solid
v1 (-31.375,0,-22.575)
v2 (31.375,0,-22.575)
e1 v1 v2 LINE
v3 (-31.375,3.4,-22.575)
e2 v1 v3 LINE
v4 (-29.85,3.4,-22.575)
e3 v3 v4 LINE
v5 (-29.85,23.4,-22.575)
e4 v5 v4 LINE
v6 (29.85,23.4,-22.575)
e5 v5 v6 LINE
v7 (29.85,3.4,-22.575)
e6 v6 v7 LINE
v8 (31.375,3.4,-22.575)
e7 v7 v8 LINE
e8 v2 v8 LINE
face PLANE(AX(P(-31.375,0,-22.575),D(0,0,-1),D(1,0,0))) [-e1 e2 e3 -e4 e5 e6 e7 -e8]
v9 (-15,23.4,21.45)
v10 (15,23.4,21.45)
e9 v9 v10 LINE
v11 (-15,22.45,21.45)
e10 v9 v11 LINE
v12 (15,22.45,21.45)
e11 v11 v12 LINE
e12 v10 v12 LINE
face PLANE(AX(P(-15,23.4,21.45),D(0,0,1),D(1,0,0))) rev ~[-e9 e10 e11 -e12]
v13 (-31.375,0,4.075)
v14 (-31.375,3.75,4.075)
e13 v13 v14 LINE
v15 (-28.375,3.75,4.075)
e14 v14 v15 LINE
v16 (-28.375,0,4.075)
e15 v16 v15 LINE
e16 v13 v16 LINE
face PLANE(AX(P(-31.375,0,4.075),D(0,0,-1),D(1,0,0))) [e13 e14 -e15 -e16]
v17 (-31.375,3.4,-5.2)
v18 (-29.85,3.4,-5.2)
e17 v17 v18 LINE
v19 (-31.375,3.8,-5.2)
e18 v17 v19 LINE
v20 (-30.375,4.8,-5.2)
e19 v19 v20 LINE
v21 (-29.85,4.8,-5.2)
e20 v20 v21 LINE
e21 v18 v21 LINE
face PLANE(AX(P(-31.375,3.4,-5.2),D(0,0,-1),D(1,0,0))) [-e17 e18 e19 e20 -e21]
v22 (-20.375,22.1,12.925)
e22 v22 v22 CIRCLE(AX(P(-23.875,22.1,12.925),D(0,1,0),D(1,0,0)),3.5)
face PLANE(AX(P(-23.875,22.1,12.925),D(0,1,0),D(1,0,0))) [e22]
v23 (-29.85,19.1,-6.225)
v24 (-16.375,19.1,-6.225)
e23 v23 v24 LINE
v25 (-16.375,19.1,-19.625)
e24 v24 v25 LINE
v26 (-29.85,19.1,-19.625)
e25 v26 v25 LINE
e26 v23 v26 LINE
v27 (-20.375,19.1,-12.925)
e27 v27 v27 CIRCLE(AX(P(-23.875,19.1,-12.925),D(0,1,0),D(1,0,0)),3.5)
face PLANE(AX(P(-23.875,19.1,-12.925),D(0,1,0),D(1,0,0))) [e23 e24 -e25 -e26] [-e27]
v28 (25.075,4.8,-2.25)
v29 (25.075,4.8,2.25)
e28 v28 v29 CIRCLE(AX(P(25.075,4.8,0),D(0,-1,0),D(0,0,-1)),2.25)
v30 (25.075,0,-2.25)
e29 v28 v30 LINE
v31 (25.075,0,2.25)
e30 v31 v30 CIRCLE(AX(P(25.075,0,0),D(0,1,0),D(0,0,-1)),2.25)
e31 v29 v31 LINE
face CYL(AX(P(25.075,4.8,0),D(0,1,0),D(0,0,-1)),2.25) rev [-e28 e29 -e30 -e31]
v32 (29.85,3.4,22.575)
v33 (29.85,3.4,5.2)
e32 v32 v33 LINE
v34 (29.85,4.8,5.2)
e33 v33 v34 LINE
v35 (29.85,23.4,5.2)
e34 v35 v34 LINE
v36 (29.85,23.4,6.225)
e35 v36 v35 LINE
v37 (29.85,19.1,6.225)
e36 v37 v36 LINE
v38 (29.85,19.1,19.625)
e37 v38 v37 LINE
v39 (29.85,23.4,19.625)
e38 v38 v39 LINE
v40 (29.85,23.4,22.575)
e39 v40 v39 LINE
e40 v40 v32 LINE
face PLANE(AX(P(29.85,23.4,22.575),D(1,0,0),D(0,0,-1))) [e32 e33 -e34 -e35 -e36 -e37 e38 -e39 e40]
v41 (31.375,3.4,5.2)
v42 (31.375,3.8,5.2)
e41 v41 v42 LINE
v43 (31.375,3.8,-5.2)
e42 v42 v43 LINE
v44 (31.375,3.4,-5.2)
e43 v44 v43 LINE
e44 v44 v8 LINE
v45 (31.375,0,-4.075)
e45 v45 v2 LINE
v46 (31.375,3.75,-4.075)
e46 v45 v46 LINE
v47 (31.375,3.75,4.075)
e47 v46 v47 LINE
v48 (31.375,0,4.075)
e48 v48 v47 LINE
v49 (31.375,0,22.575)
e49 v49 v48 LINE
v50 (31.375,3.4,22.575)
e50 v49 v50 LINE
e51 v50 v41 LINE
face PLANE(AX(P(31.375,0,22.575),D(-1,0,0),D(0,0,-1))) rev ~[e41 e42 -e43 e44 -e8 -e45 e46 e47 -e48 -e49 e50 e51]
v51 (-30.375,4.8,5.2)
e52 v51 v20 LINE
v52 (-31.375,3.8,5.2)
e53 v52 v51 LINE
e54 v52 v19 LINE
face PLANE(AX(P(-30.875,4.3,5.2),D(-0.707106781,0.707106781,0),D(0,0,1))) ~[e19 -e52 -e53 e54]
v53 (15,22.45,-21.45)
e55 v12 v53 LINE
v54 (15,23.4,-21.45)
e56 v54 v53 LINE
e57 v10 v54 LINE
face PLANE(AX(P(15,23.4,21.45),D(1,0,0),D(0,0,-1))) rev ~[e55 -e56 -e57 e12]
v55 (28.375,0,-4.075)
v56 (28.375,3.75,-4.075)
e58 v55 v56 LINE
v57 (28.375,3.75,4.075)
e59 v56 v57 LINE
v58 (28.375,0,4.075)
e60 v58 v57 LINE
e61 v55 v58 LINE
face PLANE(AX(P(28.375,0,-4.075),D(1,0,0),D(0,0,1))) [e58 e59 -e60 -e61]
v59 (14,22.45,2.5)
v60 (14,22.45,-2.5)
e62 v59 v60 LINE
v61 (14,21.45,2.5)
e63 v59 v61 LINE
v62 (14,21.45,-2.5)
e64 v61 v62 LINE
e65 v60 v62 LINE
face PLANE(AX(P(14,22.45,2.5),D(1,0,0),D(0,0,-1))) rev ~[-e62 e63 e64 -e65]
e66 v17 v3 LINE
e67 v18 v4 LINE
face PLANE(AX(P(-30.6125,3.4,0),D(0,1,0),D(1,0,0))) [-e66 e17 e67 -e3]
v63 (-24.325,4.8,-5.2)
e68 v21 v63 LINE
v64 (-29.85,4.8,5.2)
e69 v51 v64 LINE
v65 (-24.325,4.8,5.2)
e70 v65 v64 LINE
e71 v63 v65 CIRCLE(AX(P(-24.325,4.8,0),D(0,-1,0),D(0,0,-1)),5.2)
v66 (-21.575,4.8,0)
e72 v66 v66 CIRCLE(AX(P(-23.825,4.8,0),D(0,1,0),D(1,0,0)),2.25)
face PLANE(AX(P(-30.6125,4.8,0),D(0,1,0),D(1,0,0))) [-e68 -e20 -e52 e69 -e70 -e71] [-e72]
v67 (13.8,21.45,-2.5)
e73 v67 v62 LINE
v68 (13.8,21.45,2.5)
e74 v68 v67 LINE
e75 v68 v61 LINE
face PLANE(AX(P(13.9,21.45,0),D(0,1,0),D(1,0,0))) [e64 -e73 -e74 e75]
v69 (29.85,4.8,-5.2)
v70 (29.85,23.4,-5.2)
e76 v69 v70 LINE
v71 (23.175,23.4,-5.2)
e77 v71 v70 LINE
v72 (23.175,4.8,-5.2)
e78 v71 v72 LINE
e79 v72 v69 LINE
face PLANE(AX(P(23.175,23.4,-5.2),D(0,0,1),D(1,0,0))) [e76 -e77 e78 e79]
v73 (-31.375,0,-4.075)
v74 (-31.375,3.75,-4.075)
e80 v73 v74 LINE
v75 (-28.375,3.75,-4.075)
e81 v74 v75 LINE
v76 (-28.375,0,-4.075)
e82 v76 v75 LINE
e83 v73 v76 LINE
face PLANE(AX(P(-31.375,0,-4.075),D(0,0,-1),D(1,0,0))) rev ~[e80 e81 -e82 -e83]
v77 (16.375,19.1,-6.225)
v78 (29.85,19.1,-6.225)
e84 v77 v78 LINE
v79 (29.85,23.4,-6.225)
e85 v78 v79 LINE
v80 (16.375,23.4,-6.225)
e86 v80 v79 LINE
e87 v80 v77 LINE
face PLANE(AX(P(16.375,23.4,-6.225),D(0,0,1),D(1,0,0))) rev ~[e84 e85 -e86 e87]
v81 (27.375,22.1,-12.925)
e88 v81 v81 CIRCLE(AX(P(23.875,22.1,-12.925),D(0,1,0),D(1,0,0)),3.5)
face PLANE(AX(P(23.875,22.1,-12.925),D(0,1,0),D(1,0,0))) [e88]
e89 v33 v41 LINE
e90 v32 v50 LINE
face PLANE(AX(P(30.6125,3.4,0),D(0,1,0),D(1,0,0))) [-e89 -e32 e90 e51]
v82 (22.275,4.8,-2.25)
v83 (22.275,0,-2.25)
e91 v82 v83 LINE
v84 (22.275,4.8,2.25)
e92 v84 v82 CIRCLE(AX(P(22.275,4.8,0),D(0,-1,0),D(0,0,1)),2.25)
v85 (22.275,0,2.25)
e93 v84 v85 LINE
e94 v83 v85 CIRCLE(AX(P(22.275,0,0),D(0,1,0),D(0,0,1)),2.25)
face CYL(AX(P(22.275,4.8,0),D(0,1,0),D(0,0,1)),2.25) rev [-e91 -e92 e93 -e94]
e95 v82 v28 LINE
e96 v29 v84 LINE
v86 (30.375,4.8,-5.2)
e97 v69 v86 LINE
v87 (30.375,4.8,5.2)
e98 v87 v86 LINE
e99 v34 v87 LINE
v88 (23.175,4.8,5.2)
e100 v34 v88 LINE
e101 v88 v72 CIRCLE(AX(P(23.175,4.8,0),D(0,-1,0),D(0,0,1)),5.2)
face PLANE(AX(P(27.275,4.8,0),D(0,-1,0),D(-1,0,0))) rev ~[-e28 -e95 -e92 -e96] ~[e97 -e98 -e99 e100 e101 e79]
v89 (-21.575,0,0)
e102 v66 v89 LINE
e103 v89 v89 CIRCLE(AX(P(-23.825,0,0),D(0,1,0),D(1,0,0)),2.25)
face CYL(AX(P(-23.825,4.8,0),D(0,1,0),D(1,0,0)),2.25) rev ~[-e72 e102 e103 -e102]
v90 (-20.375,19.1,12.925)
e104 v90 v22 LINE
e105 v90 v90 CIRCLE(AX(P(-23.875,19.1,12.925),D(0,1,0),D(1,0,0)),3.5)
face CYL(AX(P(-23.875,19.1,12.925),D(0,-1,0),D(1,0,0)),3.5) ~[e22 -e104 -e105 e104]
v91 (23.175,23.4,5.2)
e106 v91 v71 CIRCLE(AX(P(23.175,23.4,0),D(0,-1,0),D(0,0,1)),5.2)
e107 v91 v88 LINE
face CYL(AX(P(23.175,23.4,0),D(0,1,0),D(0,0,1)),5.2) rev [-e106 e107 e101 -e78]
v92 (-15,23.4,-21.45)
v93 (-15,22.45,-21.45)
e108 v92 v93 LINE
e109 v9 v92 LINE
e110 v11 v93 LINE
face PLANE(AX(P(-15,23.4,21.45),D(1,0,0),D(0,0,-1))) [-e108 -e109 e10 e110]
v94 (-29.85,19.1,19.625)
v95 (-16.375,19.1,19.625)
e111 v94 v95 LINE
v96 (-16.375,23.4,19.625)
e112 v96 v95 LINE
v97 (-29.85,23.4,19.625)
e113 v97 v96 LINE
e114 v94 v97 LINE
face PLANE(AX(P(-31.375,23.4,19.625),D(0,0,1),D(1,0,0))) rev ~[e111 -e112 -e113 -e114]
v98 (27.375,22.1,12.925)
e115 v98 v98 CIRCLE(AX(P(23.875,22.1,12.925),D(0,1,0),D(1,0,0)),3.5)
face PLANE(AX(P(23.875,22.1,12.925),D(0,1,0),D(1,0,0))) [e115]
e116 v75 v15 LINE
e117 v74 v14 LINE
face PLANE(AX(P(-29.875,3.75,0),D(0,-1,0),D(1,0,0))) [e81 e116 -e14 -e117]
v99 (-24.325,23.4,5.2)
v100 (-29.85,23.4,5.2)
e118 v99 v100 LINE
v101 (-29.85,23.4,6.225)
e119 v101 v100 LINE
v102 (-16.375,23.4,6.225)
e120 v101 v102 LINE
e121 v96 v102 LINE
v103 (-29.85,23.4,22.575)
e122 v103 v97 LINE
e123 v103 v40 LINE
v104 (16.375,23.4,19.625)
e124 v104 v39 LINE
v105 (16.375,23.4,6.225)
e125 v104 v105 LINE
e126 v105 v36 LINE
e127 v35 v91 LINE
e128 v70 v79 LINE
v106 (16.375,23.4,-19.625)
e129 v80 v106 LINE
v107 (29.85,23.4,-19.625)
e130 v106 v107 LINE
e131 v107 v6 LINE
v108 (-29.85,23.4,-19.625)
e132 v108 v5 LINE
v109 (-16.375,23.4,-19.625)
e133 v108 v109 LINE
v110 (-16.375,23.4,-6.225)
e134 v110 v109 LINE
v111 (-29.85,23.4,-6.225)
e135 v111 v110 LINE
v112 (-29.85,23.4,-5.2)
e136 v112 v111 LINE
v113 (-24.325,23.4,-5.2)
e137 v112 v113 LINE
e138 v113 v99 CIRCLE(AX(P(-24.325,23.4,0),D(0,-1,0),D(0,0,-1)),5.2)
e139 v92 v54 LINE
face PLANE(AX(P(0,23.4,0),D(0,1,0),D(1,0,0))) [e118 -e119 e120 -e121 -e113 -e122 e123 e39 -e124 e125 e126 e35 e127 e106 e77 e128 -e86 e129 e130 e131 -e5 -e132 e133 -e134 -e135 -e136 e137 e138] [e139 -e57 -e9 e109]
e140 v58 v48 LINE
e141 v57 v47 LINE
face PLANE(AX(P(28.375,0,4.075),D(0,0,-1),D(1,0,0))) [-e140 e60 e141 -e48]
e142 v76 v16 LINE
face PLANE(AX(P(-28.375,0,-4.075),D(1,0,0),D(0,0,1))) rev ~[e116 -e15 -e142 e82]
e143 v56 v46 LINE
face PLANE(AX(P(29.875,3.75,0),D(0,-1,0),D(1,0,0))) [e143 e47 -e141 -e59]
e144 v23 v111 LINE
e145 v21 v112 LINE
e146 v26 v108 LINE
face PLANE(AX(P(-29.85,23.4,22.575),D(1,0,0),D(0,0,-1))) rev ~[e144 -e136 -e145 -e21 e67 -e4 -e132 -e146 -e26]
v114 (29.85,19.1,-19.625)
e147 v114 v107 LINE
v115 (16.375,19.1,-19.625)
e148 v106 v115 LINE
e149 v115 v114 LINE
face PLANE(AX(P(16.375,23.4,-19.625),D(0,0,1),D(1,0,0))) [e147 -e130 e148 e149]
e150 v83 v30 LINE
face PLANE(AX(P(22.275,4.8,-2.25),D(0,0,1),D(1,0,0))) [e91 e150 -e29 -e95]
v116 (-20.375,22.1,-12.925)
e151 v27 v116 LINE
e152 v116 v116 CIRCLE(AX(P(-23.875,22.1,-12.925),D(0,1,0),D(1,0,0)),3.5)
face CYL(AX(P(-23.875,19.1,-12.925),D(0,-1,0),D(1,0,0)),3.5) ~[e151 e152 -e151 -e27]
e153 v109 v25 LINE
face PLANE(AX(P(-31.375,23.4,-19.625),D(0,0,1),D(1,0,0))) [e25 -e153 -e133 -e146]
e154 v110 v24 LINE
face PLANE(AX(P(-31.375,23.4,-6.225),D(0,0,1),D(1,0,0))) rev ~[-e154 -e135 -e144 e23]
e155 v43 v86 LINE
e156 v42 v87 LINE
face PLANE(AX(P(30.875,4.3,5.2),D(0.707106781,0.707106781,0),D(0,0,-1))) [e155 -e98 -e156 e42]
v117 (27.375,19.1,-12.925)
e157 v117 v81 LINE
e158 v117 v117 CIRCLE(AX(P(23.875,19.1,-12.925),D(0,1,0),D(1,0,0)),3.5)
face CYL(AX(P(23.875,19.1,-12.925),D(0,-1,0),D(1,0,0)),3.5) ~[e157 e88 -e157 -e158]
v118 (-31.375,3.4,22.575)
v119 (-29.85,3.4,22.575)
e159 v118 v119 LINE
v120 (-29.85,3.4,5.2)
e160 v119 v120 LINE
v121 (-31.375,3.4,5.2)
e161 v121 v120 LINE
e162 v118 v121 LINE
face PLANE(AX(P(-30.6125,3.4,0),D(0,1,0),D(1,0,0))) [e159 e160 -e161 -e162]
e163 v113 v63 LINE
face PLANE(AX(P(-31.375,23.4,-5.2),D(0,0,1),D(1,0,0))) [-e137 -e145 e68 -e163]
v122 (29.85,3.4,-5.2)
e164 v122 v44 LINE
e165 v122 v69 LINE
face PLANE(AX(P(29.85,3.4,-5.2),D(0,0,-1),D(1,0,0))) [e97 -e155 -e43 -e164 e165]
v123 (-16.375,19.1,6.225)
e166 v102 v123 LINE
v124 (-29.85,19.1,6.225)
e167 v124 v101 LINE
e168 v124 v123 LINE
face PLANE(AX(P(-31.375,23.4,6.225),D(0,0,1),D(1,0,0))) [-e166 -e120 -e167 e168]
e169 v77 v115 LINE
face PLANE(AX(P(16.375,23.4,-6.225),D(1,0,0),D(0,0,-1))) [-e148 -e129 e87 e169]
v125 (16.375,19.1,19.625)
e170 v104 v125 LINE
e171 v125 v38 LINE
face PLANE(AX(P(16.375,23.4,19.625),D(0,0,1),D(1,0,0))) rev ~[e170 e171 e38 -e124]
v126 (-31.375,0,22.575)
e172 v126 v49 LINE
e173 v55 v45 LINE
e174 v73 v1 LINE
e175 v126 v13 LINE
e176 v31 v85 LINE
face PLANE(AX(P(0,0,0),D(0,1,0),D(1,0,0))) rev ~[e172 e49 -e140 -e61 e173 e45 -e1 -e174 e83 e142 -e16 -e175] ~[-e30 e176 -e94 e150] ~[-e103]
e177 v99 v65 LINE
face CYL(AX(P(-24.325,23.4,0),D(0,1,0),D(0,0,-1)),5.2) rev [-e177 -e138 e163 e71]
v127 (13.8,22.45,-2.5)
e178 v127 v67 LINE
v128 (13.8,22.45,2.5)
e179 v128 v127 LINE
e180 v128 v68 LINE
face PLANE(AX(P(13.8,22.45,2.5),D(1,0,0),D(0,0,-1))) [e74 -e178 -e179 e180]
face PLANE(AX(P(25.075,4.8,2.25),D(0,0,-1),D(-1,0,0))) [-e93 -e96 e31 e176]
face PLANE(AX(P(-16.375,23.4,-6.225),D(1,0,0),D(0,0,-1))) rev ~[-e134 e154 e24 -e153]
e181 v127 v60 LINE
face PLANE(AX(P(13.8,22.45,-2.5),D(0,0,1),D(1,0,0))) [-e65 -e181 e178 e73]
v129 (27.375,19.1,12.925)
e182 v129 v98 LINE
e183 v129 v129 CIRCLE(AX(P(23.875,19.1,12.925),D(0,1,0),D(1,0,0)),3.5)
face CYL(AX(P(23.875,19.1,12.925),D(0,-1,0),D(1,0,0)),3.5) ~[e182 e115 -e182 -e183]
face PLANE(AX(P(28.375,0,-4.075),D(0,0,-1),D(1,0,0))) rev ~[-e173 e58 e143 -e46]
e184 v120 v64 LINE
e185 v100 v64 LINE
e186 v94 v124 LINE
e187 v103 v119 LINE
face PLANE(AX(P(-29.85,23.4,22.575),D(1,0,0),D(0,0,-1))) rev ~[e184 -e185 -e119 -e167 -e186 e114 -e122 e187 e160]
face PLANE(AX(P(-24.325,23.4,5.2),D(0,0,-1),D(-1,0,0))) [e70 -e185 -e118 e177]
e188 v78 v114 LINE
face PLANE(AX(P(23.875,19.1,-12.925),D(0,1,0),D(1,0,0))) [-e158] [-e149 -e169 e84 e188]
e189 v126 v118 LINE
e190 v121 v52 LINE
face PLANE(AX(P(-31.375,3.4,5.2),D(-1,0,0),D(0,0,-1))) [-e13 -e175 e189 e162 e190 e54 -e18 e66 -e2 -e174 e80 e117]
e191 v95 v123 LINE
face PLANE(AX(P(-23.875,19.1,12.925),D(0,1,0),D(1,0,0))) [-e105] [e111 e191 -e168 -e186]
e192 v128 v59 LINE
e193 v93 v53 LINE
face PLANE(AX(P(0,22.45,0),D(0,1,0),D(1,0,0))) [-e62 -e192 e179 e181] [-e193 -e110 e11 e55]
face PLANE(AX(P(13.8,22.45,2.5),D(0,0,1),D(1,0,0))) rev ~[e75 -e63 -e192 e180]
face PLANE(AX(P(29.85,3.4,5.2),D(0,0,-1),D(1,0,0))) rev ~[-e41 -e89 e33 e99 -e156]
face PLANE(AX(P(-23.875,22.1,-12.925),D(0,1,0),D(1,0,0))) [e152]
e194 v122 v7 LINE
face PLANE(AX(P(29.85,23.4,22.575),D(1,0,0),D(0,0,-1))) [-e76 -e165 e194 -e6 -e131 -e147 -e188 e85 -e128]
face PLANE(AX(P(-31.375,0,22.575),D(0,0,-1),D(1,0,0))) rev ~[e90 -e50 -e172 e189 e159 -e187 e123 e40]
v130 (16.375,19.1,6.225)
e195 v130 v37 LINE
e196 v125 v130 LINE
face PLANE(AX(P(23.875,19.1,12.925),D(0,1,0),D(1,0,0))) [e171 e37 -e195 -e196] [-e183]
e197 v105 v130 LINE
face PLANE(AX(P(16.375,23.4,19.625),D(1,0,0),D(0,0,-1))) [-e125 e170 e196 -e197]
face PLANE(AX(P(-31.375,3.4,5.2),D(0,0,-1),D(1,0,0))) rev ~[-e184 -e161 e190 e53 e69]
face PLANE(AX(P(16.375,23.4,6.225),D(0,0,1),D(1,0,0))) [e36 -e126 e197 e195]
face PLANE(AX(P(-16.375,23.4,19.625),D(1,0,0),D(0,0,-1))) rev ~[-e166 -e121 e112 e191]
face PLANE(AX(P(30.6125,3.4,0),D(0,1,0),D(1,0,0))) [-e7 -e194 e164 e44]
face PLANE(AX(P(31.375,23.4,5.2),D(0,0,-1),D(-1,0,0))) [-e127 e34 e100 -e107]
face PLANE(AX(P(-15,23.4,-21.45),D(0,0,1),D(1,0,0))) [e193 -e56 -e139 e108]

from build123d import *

# Parameters (mm, degrees)
SKETCH1_W                    = 62.75
SKETCH1_H                    = 45.15
BOSS_EXTRUDE1_DEPTH          = 23.4
SKETCH2_W                    = 30
SKETCH2_H                    = 42.9
CUT_EXTRUDE1_DEPTH           = 0.95
SKETCH3_W                    = 15
SKETCH3_H                    = 13.4
CUT_EXTRUDE2_DEPTH           = 4.3
SKETCH4_R                    = 3.5
BOSS_EXTRUDE2_DEPTH          = 3
CUT_EXTRUDE3_DEPTH           = 18.6
SKETCH6_W                    = 0.2
SKETCH6_H                    = 5
CUT_EXTRUDE_THIN1_DEPTH      = 1.95
CUT_EXTRUDE_THIN1_DEPTH_BACK = 1
CUT_EXTRUDE4_DEPTH           = 5.8
SKETCH8_R                    = 2.25
CUT_EXTRUDE5_DEPTH           = 5.8
SKETCH9_W                    = 1.525
SKETCH9_H                    = 45.15
CUT_EXTRUDE6_DEPTH           = 20
SKETCH11_W                   = 1.525
SKETCH11_H                   = 10.4
BOSS_EXTRUDE3_DEPTH          = 1.4
CHAMFER1_SIZE                = 1
SKETCH10_W                   = 3
SKETCH10_H                   = 8.15
CUT_EXTRUDE7_DEPTH           = 3.75


with BuildPart() as part:
    # Sketch1 → Boss-Extrude1 (new body)
    with BuildSketch(Plane(origin=(0, 0, 0), x_dir=(1, 0, 0), z_dir=(0, 1, 0))):
        Rectangle(SKETCH1_W, SKETCH1_H)
    extrude(amount=BOSS_EXTRUDE1_DEPTH)

    # Sketch2 → Cut-Extrude1 (cut)
    with BuildSketch(Plane(origin=(0, 23.4, 0), x_dir=(1, 0, 0), z_dir=(0, 1, 0))):
        Rectangle(SKETCH2_W, SKETCH2_H)
    extrude(amount=-CUT_EXTRUDE1_DEPTH, mode=Mode.SUBTRACT)

    # Sketch3 → Cut-Extrude2 (cut)
    with BuildSketch(Plane(origin=(0, 23.4, 0), x_dir=(1, 0, 0), z_dir=(0, 1, 0))):
        with Locations((-23.875, 12.925)):
            Rectangle(SKETCH3_W, SKETCH3_H)
        with Locations((-23.875, -12.925)):
            Rectangle(SKETCH3_W, SKETCH3_H)
        with Locations((23.875, -12.925)):
            Rectangle(SKETCH3_W, SKETCH3_H)
        with Locations((23.875, 12.925)):
            Rectangle(SKETCH3_W, SKETCH3_H)
    extrude(amount=-CUT_EXTRUDE2_DEPTH, mode=Mode.SUBTRACT)

    # Sketch4 → Boss-Extrude2 (add)
    with BuildSketch(Plane(origin=(0, 19.1, 0), x_dir=(1, 0, 0), z_dir=(0, 1, 0))):
        with Locations((-23.875, 12.925)):
            Circle(SKETCH4_R)
        with Locations((-23.875, -12.925)):
            Circle(SKETCH4_R)
        with Locations((23.875, -12.925)):
            Circle(SKETCH4_R)
        with Locations((23.875, 12.925)):
            Circle(SKETCH4_R)
    extrude(amount=BOSS_EXTRUDE2_DEPTH)

    # Sketch5 → Cut-Extrude3 (cut)
    with BuildSketch(Plane(origin=(0, 23.4, 0), x_dir=(1, 0, 0), z_dir=(0, 1, 0))):
        with BuildLine():
            Line((31.375, -5.2), (23.175, -5.2))
            ThreePointArc((23.175, -5.2), (17.975, 0), (23.175, 5.2))
            Line((23.175, 5.2), (31.375, 5.2))
            ThreePointArc((31.375, 5.2), (36.575, 0), (31.375, -5.2))
        make_face()
        with BuildLine():
            Line((-31.375, 5.2), (-24.325, 5.2))
            ThreePointArc((-24.325, 5.2), (-19.125, 0), (-24.325, -5.2))
            Line((-24.325, -5.2), (-31.375, -5.2))
            ThreePointArc((-31.375, -5.2), (-36.575, 0), (-31.375, 5.2))
        make_face()
    extrude(amount=-CUT_EXTRUDE3_DEPTH, mode=Mode.SUBTRACT)

    # Sketch6 → Cut-Extrude-Thin1 (cut, two sides)
    with BuildSketch(Plane(origin=(0, 22.45, 0), x_dir=(1, 0, 0), z_dir=(0, 1, 0))) as cut_extrude_thin1_sk:
        with Locations((13.9, 0)):
            Rectangle(SKETCH6_W, SKETCH6_H)
    extrude(amount=CUT_EXTRUDE_THIN1_DEPTH, mode=Mode.SUBTRACT)
    extrude(cut_extrude_thin1_sk.sketch, amount=-CUT_EXTRUDE_THIN1_DEPTH_BACK, mode=Mode.SUBTRACT)

    # Sketch7 → Cut-Extrude4 (cut, through all)
    with BuildSketch(Plane(origin=(0, 4.8, 0), x_dir=(1, 0, 0), z_dir=(0, 1, 0))):
        with BuildLine():
            Line((22.275, 2.25), (25.075, 2.25))
            ThreePointArc((25.075, 2.25), (27.325, 0), (25.075, -2.25))
            Line((25.075, -2.25), (22.275, -2.25))
            ThreePointArc((22.275, -2.25), (20.025, 0), (22.275, 2.25))
        make_face()
    extrude(amount=-CUT_EXTRUDE4_DEPTH, mode=Mode.SUBTRACT)

    # Sketch8 → Cut-Extrude5 (cut, through all)
    with BuildSketch(Plane(origin=(0, 4.8, 0), x_dir=(1, 0, 0), z_dir=(0, 1, 0))):
        with Locations((-23.825, 0)):
            Circle(SKETCH8_R)
    extrude(amount=-CUT_EXTRUDE5_DEPTH, mode=Mode.SUBTRACT)

    # Sketch9 → Cut-Extrude6 (cut)
    with BuildSketch(Plane(origin=(0, 23.4, 0), x_dir=(1, 0, 0), z_dir=(0, 1, 0))):
        with Locations((-30.6125, 0)):
            Rectangle(SKETCH9_W, SKETCH9_H)
        with Locations((30.6125, 0)):
            Rectangle(SKETCH9_W, SKETCH9_H)
    extrude(amount=-CUT_EXTRUDE6_DEPTH, mode=Mode.SUBTRACT)

    # Sketch11 → Boss-Extrude3 (add)
    with BuildSketch(Plane(origin=(0, 3.4, 0), x_dir=(1, 0, 0), z_dir=(0, 1, 0))):
        with Locations((-30.6125, 0)):
            Rectangle(SKETCH11_W, SKETCH11_H)
        with Locations((30.6125, 0)):
            Rectangle(SKETCH11_W, SKETCH11_H)
    extrude(amount=BOSS_EXTRUDE3_DEPTH)

    # Chamfer1
    chamfer1_edges = [part.edges().sort_by_distance(p)[0] for p in [
        (-31.375, 4.8, 0),
        (31.375, 4.8, 0),
    ]]
    chamfer(chamfer1_edges, length=CHAMFER1_SIZE)

    # Sketch10 → Cut-Extrude7 (cut)
    with BuildSketch(Plane.XZ):
        with Locations((29.875, 0)):
            Rectangle(SKETCH10_W, SKETCH10_H)
        with Locations((-29.875, 0)):
            Rectangle(SKETCH10_W, SKETCH10_H)
    extrude(amount=-CUT_EXTRUDE7_DEPTH, mode=Mode.SUBTRACT)


solid = part.part
